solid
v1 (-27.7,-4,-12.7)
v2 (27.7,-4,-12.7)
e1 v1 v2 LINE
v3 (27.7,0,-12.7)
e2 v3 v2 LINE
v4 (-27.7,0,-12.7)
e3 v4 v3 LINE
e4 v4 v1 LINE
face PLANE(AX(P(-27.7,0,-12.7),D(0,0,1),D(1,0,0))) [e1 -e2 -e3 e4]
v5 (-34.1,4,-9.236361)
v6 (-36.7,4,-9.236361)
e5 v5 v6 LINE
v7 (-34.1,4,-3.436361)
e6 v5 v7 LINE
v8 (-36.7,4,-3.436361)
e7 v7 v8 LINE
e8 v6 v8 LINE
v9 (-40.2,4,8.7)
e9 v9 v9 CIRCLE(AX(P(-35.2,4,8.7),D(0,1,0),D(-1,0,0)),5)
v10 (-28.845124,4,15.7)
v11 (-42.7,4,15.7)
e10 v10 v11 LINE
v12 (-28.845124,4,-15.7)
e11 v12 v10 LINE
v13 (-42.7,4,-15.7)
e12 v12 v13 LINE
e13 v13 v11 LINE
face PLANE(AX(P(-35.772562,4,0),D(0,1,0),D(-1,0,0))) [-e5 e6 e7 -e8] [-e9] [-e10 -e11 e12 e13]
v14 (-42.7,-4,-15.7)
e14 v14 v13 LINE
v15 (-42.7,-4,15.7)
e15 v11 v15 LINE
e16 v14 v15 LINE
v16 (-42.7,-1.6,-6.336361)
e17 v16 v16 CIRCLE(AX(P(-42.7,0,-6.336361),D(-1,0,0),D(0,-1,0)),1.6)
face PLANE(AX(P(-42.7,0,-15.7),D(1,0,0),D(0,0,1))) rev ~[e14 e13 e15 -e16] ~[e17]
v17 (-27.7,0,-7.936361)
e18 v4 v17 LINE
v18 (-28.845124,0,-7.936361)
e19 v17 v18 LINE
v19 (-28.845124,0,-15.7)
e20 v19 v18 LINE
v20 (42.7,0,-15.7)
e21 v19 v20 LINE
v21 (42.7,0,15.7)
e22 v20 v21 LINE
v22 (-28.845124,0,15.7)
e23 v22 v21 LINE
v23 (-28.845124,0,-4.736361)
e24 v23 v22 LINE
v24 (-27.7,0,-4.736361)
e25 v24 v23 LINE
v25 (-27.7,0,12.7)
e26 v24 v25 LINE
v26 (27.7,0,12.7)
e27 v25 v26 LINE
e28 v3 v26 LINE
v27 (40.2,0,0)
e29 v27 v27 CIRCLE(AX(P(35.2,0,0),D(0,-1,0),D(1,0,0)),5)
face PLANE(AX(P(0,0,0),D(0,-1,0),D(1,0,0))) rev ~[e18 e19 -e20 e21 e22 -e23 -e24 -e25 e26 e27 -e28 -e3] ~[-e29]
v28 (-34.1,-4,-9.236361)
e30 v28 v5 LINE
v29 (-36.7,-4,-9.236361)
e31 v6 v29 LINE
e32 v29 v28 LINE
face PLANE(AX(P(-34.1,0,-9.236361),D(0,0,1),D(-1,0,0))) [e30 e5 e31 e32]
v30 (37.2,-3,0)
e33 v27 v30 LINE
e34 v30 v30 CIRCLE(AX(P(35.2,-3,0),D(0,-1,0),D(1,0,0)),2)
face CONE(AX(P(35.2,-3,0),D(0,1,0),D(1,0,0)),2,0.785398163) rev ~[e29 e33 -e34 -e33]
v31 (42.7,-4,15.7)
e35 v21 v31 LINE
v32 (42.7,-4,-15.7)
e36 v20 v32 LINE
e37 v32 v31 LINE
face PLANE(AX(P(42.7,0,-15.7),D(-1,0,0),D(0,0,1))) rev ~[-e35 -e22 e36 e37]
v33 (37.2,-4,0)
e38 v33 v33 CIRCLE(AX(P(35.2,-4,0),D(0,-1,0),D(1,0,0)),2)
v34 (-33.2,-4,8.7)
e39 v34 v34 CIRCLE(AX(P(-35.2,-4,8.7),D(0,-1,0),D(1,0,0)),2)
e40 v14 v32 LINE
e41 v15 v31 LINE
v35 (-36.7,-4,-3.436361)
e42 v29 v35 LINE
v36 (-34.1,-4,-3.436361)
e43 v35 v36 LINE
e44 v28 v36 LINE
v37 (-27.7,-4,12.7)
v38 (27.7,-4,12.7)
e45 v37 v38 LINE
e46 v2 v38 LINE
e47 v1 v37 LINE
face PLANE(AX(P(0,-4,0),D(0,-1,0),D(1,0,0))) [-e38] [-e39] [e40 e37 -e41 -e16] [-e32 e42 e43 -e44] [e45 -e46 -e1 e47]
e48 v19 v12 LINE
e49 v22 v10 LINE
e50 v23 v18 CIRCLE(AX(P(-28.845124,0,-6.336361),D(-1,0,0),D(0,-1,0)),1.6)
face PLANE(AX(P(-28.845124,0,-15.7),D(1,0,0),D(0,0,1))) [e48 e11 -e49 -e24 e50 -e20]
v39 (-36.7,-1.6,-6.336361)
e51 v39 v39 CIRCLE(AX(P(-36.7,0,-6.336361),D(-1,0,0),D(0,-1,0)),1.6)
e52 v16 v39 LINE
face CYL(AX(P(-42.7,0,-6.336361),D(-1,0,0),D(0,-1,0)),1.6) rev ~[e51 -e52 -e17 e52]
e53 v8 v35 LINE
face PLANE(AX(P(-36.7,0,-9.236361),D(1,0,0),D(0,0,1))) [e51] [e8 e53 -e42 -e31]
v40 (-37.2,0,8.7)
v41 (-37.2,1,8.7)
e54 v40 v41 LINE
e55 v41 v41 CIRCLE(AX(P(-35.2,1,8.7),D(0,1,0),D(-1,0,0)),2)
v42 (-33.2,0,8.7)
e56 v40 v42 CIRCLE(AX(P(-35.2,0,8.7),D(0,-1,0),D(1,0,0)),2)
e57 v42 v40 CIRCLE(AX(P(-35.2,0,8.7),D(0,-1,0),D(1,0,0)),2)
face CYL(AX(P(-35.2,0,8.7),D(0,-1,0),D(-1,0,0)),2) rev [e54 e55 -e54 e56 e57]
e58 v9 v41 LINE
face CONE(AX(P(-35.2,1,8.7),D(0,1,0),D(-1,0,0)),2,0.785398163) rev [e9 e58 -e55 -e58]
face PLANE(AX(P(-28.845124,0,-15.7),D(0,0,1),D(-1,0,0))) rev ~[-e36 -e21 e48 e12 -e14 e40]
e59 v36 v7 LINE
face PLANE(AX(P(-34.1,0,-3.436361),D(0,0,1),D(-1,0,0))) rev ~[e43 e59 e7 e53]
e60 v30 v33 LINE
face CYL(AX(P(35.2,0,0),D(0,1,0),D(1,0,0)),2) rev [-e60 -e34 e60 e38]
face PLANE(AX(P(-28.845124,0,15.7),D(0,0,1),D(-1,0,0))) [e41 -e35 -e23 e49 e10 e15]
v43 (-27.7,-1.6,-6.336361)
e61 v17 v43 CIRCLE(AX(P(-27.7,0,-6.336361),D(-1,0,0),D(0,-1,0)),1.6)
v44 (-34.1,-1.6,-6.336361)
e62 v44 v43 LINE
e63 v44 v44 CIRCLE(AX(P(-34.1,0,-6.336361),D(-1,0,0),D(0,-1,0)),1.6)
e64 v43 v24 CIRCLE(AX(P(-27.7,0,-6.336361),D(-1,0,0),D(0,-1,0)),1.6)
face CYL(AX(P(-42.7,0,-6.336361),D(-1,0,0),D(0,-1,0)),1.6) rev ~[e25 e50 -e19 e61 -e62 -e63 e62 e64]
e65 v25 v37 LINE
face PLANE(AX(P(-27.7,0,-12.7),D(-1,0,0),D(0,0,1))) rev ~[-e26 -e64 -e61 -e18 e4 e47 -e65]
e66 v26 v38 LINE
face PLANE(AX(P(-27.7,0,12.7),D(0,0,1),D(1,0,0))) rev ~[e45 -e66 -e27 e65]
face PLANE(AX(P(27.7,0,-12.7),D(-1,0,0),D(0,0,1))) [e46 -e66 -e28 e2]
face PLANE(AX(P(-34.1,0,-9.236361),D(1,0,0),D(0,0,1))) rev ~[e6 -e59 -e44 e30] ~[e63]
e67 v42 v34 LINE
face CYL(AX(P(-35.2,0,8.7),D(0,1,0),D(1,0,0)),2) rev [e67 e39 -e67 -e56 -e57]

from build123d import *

# Parameters (mm, degrees)
F0_W     = 85.4
F0_H     = 31.4
F0_W_2   = 2.6
F0_H_2   = 5.8
F0_R     = 2
F0_W_3   = 55.4
F0_H_3   = 25.4
F1_DEPTH = 4
F2_W     = 13.854876
F2_H     = 31.4
F2_W_2   = 2.6
F2_H_2   = 5.8
F2_R     = 2
F3_DEPTH = 4
F4_R     = 1.6
F5_DEPTH = 25
F6_SIZE  = 3


with BuildPart() as f1:
    # F0 (on Front) → F1 (new body)
    with BuildSketch(Plane.XZ):
        Rectangle(F0_W, F0_H)
        with Locations((-35.4, -6.336361)):
            Rectangle(F0_W_2, F0_H_2, mode=Mode.SUBTRACT)
        with Locations((-35.2, 8.7)):
            Circle(F0_R, mode=Mode.SUBTRACT)
        Rectangle(F0_W_3, F0_H_3, mode=Mode.SUBTRACT)
        with Locations((35.2, 0)):
            Circle(F0_R, mode=Mode.SUBTRACT)
    extrude(amount=F1_DEPTH)

    # F2 (on face) → F3 (join)
    with BuildSketch(Plane(origin=(0, 0, 0), x_dir=(-1, 0, 0), z_dir=(0, 1, 0))):
        with Locations((35.772562, 0)):
            Rectangle(F2_W, F2_H)
        with Locations((35.4, -6.336361)):
            Rectangle(F2_W_2, F2_H_2, mode=Mode.SUBTRACT)
        with Locations((35.2, 8.7)):
            Circle(F2_R, mode=Mode.SUBTRACT)
    extrude(amount=F3_DEPTH)

    # F4 (on face) → F5 (cut)
    with BuildSketch(Plane(origin=(-42.7, 0, 0), x_dir=(0, -1, 0), z_dir=(-1, 0, 0))):
        with Locations((0, -6.336361)):
            Circle(F4_R)
    extrude(amount=-F5_DEPTH, mode=Mode.SUBTRACT)

    # F6
    f6_edges = [f1.edges().sort_by_distance(p)[0] for p in [
        (-33.2, 4, 8.7),
        (33.2, 0, 0),
    ]]
    chamfer(f6_edges, length=F6_SIZE)


solid = f1.part
